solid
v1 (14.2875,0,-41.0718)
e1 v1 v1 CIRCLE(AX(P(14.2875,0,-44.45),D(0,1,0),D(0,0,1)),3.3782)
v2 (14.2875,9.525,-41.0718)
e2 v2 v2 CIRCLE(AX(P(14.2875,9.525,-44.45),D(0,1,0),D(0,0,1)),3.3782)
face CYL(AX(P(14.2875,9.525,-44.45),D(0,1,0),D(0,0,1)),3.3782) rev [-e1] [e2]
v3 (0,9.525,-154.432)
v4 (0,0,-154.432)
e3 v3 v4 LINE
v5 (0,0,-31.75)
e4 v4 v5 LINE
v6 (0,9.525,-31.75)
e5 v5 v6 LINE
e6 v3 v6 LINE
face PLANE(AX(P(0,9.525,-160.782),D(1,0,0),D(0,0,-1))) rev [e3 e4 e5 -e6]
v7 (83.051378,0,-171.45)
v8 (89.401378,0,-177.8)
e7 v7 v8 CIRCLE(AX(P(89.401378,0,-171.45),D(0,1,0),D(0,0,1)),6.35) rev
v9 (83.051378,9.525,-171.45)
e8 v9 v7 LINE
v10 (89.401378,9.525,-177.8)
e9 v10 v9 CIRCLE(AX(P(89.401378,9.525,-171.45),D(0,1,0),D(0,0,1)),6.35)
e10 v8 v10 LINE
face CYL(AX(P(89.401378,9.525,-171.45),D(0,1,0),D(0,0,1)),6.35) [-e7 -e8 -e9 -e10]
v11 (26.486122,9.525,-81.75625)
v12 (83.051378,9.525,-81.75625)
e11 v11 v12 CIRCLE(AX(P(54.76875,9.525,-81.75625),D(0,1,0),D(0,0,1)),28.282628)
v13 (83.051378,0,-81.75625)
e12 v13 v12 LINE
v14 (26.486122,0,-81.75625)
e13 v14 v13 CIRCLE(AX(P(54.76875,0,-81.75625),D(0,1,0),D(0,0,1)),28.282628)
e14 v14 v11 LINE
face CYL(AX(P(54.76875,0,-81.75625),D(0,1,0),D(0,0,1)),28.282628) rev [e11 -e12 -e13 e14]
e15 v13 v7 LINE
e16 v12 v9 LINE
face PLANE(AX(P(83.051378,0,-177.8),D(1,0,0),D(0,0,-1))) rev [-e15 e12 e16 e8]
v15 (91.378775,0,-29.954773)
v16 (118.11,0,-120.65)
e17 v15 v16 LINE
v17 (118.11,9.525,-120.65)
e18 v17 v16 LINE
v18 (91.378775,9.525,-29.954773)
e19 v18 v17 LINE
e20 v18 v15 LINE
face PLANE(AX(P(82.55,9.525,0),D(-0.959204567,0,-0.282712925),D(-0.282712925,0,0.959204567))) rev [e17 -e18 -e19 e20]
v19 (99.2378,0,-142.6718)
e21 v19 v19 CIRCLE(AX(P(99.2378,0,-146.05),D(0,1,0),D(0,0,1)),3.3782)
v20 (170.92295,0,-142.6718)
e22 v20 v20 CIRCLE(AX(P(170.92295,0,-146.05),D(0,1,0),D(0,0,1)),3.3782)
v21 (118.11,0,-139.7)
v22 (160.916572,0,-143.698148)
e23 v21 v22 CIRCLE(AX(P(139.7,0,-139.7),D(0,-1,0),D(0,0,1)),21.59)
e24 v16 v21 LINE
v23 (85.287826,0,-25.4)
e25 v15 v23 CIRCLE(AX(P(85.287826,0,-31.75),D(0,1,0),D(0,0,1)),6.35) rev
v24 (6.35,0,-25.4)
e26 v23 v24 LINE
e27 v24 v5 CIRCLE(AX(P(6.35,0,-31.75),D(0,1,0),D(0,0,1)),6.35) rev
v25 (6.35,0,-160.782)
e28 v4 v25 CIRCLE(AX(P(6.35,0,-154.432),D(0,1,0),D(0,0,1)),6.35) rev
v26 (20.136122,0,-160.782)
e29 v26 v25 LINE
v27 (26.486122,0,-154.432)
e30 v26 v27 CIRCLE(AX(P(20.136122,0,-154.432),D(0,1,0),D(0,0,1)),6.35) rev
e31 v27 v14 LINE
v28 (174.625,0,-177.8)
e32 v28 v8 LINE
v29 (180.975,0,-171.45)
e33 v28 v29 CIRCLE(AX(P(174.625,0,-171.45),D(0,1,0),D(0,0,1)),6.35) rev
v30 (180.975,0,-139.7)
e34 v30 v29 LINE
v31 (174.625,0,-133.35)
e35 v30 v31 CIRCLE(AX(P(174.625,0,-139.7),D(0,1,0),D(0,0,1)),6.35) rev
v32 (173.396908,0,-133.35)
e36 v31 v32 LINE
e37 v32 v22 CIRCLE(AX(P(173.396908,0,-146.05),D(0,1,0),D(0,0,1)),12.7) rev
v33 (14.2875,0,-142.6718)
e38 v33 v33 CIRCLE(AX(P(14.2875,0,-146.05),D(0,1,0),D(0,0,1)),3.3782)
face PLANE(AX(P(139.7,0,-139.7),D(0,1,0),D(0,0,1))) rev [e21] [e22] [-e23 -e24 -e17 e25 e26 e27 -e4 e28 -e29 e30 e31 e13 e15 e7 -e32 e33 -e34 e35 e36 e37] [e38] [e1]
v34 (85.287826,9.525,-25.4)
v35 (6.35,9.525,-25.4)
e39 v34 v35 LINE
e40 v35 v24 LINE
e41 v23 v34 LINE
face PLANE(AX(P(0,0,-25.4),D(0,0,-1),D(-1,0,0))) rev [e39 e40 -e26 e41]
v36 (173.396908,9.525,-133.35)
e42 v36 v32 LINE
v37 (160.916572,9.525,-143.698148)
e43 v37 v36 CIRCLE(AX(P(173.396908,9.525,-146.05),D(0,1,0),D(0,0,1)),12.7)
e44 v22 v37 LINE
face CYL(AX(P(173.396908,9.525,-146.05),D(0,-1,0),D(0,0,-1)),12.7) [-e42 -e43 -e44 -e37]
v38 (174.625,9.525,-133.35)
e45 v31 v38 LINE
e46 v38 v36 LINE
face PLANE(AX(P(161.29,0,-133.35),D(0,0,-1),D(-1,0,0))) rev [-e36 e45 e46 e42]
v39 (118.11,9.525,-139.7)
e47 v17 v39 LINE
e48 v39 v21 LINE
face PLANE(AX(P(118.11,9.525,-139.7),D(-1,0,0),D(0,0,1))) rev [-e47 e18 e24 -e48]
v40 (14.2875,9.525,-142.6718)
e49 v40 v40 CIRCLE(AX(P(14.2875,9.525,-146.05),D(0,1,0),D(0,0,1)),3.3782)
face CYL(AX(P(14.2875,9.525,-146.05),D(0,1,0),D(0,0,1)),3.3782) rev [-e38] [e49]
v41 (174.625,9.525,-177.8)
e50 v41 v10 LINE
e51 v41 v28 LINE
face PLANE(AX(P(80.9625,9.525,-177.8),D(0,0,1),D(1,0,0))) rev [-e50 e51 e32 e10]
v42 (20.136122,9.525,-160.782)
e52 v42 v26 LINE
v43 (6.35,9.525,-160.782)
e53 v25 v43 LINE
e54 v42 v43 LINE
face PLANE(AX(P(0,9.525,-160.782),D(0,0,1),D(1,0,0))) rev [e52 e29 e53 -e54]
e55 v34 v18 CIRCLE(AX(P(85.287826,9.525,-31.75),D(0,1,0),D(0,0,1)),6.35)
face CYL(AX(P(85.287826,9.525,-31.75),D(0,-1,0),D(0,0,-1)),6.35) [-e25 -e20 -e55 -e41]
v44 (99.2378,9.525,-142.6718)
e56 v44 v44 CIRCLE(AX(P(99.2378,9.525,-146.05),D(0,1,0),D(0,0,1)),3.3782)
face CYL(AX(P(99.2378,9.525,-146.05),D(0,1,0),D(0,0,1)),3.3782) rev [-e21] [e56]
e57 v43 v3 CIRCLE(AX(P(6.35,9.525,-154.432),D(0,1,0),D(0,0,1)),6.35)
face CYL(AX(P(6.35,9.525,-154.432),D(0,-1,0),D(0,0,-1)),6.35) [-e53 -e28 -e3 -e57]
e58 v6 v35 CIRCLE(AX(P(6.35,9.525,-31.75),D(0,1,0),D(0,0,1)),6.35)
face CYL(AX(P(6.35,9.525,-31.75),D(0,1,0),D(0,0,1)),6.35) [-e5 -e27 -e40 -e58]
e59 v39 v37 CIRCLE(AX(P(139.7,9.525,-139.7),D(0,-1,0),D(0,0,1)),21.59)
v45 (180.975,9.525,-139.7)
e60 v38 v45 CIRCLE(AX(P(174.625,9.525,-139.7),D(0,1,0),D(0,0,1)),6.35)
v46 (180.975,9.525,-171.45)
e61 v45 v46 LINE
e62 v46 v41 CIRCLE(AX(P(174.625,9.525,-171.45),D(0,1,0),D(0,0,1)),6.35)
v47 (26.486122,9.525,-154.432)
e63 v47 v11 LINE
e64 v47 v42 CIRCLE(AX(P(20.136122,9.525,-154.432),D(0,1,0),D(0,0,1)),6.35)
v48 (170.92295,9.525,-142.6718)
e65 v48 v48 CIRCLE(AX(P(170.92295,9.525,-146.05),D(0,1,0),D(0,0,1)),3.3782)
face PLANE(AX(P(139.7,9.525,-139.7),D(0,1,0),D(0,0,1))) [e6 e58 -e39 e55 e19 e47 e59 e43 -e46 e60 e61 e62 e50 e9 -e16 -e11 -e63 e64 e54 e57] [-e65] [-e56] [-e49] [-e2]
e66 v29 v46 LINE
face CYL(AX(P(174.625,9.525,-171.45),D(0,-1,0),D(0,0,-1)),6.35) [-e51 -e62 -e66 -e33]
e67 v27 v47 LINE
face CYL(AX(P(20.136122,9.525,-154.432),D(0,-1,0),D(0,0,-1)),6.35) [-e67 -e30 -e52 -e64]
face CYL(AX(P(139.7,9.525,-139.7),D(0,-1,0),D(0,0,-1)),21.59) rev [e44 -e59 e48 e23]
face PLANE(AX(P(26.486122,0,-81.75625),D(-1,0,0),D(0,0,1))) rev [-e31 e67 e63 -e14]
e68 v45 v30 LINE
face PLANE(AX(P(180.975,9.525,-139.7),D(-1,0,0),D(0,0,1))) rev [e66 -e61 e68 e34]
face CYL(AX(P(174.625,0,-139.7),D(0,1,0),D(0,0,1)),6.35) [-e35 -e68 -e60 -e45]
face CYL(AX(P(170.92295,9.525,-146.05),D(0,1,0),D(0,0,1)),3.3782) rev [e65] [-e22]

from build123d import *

# Parameters (mm, degrees)
BOSS_EXTRUDE1_DEPTH     = 9.525
SKETCH2_W               = 94.331668948
SKETCH2_H               = 25.4
CUT_EXTRUDE1_DEPTH      = 10.525
FILLET1_R               = 6.35
FILLET2_R               = 6.35
F_1_4_CLEARANCE_HOLE1_D = 6.7564
SKETCH5_W               = 19.685
SKETCH5_H               = 12.7
CUT_EXTRUDE2_DEPTH      = 10.525
FILLET3_R               = 6.35
CUT_EXTRUDE3_DEPTH      = 10.525
FILLET4_R               = 12.7
FILLET5_R               = 6.35


with BuildPart() as part:
    # Sketch1 → Boss-Extrude1 (new body)
    with BuildSketch(Plane(origin=(0, 0, 0), x_dir=(1, 0, 0), z_dir=(0, 1, 0))):
        with BuildLine():
            Line((28.575, 81.75625), (28.575, 160.782))
            Line((28.575, 160.782), (0, 160.782))
            Line((0, 160.782), (0, 0))
            Line((0, 0), (82.55, 0))
            Line((82.55, 0), (118.11, 120.65))
            Line((118.11, 120.65), (118.11, 139.7))
            ThreePointArc((118.11, 139.7), (139.7, 161.29), (161.29, 139.7))
            Line((161.29, 139.7), (161.29, 120.65))
            Line((161.29, 120.65), (180.975, 120.65))
            Line((180.975, 120.65), (180.975, 139.7))
            Line((180.975, 139.7), (180.975, 177.8))
            Line((180.975, 177.8), (121.7041, 177.8))
            Line((121.7041, 177.8), (80.9625, 177.8))
            Line((80.9625, 177.8), (80.9625, 81.75625))
            ThreePointArc((80.9625, 81.75625), (54.76875, 55.5625), (28.575, 81.75625))
        make_face()
    extrude(amount=BOSS_EXTRUDE1_DEPTH)

    # Sketch2 → Cut-Extrude1 (cut, through all)
    with BuildSketch(Plane(origin=(0, 9.525, 0), x_dir=(1, 0, 0), z_dir=(0, 1, 0))):
        with Locations((47.165834474, 12.7)):
            Rectangle(SKETCH2_W, SKETCH2_H)
    extrude(amount=-CUT_EXTRUDE1_DEPTH, mode=Mode.SUBTRACT)

    # Fillet1
    fillet1_edges = [part.edges().sort_by_distance(p)[0] for p in [
        (0, 4.7625, -25.4),
    ]]
    fillet(fillet1_edges, radius=FILLET1_R)

    # Fillet2
    fillet2_edges = [part.edges().sort_by_distance(p)[0] for p in [
        (0, 4.7625, -160.782),
        (180.975, 4.7625, -177.8),
        (180.975, 4.7625, -120.65),
        (90.036315789, 4.7625, -25.4),
    ]]
    fillet(fillet2_edges, radius=FILLET2_R)

    # 1/4 Clearance Hole1 (through all)
    with Locations(Plane(origin=(0, 9.525, 0), x_dir=(1, 0, 0), z_dir=(0, 1, 0))):
        with Locations((14.2875, 146.05), (14.2875, 44.45), (99.2378, 146.05), (170.92295, 146.05)):
            Hole(F_1_4_CLEARANCE_HOLE1_D / 2)

    # Sketch5 → Cut-Extrude2 (cut, through all)
    with BuildSketch(Plane(origin=(0, 9.525, 0), x_dir=(1, 0, 0), z_dir=(0, 1, 0))):
        with Locations((171.1325, 127)):
            Rectangle(SKETCH5_W, SKETCH5_H)
    extrude(amount=-CUT_EXTRUDE2_DEPTH, mode=Mode.SUBTRACT)

    # Fillet3
    fillet3_edges = [part.edges().sort_by_distance(p)[0] for p in [
        (180.975, 4.7625, -133.35),
    ]]
    fillet(fillet3_edges, radius=FILLET3_R)

    # Sketch6 → Cut-Extrude3 (cut, through all)
    with BuildSketch(Plane(origin=(0, 9.525, 0), x_dir=(1, 0, 0), z_dir=(0, 1, 0))):
        with BuildLine():
            Line((26.486121599, 81.75625), (26.486121599, 177.8))
            Line((26.486121599, 177.8), (83.051378401, 177.8))
            Line((83.051378401, 177.8), (83.051378401, 81.75625))
            ThreePointArc((83.051378401, 81.75625), (54.76875, 53.473621599), (26.486121599, 81.75625))
        make_face()
    extrude(amount=-CUT_EXTRUDE3_DEPTH, mode=Mode.SUBTRACT)

    # Fillet4
    fillet4_edges = [part.edges().sort_by_distance(p)[0] for p in [
        (161.29, 4.7625, -133.35),
    ]]
    fillet(fillet4_edges, radius=FILLET4_R)

    # Fillet5
    fillet5_edges = [part.edges().sort_by_distance(p)[0] for p in [
        (26.486121599, 4.7625, -160.782),
        (83.051378401, 4.7625, -177.8),
    ]]
    fillet(fillet5_edges, radius=FILLET5_R)


solid = part.part
